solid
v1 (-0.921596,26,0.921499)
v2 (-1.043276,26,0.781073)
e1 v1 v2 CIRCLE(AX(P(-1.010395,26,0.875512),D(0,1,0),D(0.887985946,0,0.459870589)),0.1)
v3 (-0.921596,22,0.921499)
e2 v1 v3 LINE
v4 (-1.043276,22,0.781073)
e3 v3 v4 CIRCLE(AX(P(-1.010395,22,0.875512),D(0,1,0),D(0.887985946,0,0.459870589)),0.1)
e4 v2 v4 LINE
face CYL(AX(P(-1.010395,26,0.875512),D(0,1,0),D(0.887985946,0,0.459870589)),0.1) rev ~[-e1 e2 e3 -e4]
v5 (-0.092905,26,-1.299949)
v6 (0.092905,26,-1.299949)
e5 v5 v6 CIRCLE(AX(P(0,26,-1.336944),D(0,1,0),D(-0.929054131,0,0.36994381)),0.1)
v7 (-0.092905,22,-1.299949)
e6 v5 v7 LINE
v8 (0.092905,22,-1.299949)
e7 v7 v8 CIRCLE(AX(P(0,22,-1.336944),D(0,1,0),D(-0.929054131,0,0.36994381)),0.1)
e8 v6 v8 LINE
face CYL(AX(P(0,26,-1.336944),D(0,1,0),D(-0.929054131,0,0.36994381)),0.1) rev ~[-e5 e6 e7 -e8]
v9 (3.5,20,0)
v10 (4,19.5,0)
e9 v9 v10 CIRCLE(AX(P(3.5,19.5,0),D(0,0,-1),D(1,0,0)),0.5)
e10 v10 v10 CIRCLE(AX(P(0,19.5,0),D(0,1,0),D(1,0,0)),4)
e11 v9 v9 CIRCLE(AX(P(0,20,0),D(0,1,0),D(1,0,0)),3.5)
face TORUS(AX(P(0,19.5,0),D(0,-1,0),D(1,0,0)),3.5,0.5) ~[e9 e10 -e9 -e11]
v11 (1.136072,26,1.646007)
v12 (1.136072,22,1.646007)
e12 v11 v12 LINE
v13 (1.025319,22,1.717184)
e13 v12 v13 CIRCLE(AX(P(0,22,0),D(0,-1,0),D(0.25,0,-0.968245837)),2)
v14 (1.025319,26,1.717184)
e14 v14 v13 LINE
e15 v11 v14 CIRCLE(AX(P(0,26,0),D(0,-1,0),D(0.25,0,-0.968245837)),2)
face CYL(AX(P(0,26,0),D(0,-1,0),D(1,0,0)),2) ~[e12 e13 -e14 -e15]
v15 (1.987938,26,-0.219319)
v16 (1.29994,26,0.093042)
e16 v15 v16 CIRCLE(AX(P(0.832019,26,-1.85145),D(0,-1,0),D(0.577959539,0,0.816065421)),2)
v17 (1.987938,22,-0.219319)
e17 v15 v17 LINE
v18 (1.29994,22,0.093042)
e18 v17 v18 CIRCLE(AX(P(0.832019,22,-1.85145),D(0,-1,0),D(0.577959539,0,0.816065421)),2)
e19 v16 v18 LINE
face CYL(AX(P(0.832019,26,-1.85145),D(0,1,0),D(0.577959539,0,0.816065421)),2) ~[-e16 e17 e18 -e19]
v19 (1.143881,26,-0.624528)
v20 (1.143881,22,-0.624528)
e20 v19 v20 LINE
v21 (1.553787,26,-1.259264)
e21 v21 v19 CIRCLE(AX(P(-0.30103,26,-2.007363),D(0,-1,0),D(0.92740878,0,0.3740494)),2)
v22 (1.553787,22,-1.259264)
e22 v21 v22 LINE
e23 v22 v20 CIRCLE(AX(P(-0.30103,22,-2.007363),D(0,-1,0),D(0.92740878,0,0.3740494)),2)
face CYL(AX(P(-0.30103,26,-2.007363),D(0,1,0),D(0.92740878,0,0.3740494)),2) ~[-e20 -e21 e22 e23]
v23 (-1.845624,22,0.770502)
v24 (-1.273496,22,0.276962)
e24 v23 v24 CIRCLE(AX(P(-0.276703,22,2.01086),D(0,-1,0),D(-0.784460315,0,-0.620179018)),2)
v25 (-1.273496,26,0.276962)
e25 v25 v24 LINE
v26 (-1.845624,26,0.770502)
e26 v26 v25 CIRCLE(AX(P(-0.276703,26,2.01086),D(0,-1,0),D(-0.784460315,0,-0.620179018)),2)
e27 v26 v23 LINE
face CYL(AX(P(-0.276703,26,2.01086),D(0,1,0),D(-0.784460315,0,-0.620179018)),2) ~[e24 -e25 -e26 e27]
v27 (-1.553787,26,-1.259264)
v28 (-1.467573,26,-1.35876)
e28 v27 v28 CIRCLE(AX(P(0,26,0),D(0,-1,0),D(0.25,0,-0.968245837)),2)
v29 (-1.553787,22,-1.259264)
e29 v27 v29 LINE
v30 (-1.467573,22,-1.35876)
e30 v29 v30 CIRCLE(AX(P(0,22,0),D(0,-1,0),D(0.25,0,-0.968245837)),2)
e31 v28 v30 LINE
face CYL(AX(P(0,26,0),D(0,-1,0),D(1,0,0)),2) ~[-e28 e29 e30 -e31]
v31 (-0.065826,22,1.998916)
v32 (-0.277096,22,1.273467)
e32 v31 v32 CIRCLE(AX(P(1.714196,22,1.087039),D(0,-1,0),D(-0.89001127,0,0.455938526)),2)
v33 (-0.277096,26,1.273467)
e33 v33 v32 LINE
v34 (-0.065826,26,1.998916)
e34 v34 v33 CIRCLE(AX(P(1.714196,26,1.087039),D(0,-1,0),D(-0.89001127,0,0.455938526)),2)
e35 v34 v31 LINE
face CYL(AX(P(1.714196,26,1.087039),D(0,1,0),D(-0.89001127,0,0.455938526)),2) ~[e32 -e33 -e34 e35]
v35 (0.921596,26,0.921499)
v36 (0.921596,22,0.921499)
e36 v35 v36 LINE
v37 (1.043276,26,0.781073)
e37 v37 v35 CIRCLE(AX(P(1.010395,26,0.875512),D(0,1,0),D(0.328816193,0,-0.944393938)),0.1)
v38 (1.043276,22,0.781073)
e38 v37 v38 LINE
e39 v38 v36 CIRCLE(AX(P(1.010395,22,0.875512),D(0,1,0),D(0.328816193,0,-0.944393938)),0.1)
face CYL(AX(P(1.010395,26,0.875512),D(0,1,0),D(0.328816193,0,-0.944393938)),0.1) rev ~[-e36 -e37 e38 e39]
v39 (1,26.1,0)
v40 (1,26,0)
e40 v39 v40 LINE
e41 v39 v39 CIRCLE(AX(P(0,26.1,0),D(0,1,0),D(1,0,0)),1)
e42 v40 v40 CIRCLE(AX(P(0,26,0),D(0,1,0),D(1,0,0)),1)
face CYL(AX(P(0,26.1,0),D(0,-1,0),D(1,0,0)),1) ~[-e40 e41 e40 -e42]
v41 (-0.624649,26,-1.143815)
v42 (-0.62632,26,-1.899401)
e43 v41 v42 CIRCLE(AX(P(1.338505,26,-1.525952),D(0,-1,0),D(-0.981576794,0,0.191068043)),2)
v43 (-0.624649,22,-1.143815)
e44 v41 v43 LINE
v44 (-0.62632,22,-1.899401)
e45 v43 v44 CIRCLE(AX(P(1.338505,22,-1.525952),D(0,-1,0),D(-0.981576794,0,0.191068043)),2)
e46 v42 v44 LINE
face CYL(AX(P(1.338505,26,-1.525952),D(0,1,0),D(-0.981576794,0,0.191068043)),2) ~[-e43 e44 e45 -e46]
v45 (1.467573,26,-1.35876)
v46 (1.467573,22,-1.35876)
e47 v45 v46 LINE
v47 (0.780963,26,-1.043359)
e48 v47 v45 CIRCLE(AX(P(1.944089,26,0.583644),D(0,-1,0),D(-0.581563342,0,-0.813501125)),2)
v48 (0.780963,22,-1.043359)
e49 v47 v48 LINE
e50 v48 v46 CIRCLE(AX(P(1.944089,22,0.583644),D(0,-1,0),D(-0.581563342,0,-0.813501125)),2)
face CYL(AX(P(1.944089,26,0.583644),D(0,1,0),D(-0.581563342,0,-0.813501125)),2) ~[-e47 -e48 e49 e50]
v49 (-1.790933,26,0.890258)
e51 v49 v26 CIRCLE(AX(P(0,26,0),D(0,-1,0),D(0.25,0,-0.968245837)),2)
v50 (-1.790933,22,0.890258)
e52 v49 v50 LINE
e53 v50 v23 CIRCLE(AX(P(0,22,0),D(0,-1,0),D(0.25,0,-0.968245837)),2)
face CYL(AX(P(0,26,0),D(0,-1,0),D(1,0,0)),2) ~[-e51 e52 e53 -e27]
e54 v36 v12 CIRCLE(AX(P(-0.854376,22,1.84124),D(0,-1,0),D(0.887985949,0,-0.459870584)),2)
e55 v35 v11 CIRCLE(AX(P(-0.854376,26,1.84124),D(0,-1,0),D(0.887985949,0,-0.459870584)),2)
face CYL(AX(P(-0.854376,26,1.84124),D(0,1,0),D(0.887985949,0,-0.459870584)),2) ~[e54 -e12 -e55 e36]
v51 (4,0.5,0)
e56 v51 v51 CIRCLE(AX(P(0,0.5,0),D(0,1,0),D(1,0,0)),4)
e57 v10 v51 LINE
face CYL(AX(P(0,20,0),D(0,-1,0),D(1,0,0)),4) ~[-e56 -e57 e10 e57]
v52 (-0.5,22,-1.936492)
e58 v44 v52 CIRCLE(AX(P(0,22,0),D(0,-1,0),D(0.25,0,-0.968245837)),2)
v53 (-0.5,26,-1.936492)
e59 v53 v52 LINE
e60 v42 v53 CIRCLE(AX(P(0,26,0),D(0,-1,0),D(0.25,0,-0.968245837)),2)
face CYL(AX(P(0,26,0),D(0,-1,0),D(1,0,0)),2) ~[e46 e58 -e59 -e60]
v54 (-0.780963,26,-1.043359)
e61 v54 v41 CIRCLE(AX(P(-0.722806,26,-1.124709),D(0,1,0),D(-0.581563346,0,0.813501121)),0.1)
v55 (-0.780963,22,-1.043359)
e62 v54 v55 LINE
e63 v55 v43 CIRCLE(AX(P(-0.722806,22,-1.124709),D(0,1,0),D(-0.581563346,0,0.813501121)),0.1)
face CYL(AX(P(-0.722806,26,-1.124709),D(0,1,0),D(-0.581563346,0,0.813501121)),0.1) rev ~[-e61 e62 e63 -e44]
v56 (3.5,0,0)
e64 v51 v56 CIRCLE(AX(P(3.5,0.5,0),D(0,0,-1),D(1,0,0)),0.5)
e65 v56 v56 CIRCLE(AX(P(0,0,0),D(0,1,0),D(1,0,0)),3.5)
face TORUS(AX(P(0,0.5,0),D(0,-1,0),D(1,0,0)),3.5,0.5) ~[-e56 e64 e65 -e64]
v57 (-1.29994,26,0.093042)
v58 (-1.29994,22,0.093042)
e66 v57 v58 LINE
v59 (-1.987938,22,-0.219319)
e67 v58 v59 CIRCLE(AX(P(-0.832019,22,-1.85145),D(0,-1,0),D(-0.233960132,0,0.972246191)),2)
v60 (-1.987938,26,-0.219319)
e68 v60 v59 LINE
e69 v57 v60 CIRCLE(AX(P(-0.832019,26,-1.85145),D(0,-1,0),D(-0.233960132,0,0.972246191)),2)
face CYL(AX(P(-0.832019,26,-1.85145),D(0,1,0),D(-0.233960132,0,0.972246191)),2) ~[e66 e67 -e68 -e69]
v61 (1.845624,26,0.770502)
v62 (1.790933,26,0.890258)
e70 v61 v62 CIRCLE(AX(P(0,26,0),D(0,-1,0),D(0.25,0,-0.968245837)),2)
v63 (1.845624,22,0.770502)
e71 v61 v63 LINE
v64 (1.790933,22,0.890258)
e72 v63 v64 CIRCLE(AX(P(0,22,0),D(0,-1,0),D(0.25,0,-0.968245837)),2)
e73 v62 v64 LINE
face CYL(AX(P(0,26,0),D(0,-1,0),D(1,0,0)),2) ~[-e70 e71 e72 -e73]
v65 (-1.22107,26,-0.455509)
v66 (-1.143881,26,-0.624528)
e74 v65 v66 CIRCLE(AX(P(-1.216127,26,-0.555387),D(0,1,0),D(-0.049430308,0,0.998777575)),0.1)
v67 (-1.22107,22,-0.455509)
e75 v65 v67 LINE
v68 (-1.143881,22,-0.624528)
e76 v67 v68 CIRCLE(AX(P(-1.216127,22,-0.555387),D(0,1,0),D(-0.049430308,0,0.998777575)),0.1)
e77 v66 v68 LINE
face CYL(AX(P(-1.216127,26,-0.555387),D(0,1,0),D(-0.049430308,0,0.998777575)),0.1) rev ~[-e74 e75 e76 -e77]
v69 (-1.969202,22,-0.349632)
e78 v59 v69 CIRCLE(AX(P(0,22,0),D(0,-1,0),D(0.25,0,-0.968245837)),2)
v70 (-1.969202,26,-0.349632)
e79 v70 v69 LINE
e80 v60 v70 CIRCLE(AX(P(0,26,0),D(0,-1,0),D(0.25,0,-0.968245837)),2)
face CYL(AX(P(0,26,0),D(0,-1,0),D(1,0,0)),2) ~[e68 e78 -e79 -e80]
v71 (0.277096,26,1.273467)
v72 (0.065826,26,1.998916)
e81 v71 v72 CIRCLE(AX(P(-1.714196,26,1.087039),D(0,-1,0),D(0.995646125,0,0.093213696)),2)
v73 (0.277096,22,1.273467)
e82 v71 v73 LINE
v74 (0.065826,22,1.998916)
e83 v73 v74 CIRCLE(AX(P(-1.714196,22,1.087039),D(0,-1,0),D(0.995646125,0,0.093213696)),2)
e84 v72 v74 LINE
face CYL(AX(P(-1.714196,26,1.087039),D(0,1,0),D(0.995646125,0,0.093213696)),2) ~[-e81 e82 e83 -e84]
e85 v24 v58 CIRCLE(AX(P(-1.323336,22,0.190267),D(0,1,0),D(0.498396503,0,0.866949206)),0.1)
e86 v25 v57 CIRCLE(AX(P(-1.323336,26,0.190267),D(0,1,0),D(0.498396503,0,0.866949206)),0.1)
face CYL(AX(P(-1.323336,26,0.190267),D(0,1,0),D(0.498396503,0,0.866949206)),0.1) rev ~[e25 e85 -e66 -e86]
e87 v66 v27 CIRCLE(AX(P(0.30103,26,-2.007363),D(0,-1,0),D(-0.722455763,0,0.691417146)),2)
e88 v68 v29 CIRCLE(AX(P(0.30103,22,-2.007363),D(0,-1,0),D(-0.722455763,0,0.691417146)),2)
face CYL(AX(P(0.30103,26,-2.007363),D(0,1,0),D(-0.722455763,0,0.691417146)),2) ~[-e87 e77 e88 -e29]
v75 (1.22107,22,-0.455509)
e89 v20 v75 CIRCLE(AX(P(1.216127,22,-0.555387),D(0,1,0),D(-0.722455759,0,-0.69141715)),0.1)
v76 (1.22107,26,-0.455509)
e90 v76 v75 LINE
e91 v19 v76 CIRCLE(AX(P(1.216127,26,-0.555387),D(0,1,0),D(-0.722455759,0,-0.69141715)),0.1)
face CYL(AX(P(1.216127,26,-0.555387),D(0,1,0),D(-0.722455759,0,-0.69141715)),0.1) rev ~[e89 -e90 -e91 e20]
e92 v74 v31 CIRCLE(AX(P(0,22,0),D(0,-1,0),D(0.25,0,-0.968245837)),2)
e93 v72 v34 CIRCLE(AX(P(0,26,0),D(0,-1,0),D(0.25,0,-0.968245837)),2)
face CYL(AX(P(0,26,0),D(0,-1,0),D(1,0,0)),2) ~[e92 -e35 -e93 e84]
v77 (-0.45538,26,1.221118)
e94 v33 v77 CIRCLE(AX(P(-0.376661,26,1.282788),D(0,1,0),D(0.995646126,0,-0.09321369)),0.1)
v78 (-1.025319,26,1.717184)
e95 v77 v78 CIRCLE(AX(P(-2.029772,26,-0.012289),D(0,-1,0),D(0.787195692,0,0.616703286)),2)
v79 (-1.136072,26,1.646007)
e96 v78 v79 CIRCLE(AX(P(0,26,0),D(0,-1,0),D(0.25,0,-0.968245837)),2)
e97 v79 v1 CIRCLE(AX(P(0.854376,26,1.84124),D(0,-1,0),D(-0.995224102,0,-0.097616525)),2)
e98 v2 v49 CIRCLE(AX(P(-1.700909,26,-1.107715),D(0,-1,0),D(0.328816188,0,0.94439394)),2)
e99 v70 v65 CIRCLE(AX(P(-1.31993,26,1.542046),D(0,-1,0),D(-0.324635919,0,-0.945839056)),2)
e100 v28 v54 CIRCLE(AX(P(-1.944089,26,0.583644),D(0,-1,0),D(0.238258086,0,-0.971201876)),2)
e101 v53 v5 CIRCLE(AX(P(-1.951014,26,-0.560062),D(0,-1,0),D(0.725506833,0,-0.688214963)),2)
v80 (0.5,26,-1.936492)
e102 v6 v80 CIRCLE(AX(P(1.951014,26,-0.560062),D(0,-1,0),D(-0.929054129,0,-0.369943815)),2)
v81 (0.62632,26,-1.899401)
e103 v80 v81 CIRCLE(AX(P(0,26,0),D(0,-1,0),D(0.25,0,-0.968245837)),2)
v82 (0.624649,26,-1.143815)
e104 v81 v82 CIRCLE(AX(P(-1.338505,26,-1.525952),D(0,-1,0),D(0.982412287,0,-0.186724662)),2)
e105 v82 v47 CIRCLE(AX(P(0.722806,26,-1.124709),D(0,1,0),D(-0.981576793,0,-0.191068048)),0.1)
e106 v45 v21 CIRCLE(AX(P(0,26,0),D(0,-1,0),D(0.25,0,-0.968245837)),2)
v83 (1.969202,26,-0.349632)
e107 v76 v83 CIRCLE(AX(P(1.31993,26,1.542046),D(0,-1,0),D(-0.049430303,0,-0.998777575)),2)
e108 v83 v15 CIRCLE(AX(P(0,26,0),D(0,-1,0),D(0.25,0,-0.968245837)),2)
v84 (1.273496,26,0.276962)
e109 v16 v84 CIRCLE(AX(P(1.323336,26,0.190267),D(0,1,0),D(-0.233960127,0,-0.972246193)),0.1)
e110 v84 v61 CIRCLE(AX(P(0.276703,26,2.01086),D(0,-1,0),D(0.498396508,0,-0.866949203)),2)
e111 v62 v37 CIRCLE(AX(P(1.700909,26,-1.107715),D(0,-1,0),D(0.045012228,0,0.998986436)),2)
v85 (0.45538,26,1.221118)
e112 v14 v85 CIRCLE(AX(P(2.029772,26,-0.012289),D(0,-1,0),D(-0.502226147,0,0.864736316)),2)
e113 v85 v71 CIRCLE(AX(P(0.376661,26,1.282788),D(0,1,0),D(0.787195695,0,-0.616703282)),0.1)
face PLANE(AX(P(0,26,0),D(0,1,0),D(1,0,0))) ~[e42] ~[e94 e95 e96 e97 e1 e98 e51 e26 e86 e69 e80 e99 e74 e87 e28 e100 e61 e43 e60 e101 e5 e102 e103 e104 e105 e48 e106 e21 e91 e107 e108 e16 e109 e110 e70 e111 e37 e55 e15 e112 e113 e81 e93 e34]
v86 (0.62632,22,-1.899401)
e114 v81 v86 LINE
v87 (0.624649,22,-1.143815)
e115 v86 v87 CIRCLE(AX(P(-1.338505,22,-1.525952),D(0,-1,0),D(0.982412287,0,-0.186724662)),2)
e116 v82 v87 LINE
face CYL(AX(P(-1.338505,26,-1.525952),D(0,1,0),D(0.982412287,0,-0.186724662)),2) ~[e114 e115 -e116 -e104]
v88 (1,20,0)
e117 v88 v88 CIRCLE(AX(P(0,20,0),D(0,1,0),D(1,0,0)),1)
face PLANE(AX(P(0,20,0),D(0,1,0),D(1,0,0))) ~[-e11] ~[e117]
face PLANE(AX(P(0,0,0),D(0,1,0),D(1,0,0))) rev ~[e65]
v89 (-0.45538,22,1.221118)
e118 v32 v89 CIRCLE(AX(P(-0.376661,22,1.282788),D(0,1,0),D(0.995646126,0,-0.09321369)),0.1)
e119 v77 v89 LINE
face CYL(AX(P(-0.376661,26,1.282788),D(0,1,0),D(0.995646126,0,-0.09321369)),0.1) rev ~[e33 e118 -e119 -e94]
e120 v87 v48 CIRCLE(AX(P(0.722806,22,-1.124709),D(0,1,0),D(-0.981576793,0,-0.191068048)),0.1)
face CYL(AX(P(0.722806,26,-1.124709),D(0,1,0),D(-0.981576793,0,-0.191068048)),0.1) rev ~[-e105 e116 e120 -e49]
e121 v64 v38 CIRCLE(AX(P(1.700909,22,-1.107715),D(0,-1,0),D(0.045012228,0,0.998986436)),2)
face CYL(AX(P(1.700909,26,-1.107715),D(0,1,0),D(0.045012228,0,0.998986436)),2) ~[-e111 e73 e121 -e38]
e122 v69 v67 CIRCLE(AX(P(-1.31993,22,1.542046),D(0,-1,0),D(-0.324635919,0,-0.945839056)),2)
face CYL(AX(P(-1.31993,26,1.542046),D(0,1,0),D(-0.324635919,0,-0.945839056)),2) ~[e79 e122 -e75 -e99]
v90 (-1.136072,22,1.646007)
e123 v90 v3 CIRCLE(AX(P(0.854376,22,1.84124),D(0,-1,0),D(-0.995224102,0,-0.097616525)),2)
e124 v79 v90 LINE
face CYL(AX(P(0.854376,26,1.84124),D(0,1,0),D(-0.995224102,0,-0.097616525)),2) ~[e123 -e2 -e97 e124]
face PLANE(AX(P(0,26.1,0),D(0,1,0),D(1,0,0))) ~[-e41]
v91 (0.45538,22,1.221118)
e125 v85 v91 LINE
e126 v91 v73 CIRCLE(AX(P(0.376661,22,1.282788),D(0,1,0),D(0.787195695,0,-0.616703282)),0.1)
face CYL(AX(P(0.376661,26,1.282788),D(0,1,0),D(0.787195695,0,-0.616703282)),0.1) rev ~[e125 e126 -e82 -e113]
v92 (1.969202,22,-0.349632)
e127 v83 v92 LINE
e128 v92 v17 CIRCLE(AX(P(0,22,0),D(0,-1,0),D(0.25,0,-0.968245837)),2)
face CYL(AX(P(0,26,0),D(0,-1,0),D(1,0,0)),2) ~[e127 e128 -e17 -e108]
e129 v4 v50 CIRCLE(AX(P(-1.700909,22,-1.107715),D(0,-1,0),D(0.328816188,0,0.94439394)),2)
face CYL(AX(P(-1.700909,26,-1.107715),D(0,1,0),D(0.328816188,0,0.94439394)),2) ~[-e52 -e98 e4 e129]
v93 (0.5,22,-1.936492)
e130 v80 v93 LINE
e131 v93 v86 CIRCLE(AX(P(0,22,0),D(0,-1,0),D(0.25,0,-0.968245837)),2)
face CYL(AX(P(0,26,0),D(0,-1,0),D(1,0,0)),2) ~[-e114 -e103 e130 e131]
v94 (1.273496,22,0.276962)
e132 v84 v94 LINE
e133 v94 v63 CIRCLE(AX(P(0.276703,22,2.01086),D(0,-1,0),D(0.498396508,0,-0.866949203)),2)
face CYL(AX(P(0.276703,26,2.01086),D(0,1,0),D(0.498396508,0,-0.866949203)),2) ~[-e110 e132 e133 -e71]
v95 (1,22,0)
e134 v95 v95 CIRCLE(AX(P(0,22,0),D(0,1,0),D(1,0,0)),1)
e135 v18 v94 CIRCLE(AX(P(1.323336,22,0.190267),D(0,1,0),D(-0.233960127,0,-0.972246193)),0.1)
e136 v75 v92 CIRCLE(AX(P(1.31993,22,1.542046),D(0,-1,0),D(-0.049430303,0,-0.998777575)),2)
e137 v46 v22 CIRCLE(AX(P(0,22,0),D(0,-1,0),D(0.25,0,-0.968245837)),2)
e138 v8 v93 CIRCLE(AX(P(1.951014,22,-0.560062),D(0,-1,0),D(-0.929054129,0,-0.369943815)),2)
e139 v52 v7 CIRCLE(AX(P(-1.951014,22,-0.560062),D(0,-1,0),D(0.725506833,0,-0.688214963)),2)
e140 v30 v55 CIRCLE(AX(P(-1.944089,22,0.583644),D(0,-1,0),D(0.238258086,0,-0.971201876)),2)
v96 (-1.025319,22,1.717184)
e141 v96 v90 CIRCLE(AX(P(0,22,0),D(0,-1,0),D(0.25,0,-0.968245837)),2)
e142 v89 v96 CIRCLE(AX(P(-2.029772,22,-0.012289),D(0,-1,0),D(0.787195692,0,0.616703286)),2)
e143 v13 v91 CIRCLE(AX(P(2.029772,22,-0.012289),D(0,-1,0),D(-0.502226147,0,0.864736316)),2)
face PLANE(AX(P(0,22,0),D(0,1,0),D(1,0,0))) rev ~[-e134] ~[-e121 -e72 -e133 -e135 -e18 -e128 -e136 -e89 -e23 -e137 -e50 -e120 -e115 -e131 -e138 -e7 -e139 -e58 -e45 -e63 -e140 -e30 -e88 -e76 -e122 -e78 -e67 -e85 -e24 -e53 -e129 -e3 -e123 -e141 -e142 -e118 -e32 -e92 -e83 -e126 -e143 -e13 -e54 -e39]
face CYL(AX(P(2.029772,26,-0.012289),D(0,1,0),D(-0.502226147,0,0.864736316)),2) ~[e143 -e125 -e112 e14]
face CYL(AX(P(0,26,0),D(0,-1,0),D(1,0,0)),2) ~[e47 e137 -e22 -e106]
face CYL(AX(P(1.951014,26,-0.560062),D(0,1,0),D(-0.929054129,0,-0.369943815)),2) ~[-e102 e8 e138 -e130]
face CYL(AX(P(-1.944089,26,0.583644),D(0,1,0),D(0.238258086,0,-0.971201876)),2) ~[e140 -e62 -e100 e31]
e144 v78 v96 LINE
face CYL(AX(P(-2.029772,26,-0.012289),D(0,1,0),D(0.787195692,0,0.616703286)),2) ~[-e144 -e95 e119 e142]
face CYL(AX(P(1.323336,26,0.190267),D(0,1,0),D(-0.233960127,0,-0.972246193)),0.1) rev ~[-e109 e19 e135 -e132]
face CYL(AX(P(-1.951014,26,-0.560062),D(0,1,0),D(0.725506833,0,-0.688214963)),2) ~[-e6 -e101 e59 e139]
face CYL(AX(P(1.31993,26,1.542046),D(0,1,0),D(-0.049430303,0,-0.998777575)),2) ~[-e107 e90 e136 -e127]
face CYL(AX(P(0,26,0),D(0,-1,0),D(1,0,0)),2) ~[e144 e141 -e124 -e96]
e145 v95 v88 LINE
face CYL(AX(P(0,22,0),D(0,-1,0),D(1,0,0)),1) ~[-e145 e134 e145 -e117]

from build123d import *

# Parameters (mm, degrees)
FILLET1_R          = 0.5
CUT_EXTRUDE1_DEPTH = 4
CIRPATTERN1_COUNT  = 11


with BuildPart() as part:
    # Sketch1 → Revolve1 (revolve)
    with BuildSketch(Plane.XY):
        Polygon((0, 0), (0, 26.1), (1, 26.1), (1, 26), (2, 26), (2, 22), (1, 22), (1, 20), (4, 20), (4, 0), align=None)
    revolve(axis=Axis((0, 0, 0), (0, 1, 0)))

    # Fillet1
    fillet1_edges = [part.edges().sort_by_distance(p)[0] for p in [
        (-4, 20, 0),
        (-4, 0, 0),
    ]]
    fillet(fillet1_edges, radius=FILLET1_R)

    # Sketch2 → Cut-Extrude1 (cut)
    with BuildSketch(Plane(origin=(0, 26, 0), x_dir=(1, 0, 0), z_dir=(0, 1, 0))):
        with BuildLine():
            ThreePointArc((0.5, 1.936491673), (0, 2), (-0.5, 1.936491673))
            ThreePointArc((-0.5, 1.936491673), (-0.266119458, 1.637619869), (-0.092905413, 1.299949383))
            ThreePointArc((-0.092905413, 1.299949383), (0, 1.236943764), (0.092905413, 1.299949383))
            ThreePointArc((0.092905413, 1.299949383), (0.266119458, 1.637619869), (0.5, 1.936491673))
        make_face()
    cut_extrude1 = extrude(amount=-CUT_EXTRUDE1_DEPTH, mode=Mode.SUBTRACT)

    # CirPattern1: Cut-Extrude1 ×11 about axis
    cirpattern1_axis = Axis((0, 0, 0), (0, 1, 0))
    for i in range(1, CIRPATTERN1_COUNT):
        add(cut_extrude1.rotate(cirpattern1_axis, i * 360 / CIRPATTERN1_COUNT), mode=Mode.SUBTRACT)


solid = part.part
